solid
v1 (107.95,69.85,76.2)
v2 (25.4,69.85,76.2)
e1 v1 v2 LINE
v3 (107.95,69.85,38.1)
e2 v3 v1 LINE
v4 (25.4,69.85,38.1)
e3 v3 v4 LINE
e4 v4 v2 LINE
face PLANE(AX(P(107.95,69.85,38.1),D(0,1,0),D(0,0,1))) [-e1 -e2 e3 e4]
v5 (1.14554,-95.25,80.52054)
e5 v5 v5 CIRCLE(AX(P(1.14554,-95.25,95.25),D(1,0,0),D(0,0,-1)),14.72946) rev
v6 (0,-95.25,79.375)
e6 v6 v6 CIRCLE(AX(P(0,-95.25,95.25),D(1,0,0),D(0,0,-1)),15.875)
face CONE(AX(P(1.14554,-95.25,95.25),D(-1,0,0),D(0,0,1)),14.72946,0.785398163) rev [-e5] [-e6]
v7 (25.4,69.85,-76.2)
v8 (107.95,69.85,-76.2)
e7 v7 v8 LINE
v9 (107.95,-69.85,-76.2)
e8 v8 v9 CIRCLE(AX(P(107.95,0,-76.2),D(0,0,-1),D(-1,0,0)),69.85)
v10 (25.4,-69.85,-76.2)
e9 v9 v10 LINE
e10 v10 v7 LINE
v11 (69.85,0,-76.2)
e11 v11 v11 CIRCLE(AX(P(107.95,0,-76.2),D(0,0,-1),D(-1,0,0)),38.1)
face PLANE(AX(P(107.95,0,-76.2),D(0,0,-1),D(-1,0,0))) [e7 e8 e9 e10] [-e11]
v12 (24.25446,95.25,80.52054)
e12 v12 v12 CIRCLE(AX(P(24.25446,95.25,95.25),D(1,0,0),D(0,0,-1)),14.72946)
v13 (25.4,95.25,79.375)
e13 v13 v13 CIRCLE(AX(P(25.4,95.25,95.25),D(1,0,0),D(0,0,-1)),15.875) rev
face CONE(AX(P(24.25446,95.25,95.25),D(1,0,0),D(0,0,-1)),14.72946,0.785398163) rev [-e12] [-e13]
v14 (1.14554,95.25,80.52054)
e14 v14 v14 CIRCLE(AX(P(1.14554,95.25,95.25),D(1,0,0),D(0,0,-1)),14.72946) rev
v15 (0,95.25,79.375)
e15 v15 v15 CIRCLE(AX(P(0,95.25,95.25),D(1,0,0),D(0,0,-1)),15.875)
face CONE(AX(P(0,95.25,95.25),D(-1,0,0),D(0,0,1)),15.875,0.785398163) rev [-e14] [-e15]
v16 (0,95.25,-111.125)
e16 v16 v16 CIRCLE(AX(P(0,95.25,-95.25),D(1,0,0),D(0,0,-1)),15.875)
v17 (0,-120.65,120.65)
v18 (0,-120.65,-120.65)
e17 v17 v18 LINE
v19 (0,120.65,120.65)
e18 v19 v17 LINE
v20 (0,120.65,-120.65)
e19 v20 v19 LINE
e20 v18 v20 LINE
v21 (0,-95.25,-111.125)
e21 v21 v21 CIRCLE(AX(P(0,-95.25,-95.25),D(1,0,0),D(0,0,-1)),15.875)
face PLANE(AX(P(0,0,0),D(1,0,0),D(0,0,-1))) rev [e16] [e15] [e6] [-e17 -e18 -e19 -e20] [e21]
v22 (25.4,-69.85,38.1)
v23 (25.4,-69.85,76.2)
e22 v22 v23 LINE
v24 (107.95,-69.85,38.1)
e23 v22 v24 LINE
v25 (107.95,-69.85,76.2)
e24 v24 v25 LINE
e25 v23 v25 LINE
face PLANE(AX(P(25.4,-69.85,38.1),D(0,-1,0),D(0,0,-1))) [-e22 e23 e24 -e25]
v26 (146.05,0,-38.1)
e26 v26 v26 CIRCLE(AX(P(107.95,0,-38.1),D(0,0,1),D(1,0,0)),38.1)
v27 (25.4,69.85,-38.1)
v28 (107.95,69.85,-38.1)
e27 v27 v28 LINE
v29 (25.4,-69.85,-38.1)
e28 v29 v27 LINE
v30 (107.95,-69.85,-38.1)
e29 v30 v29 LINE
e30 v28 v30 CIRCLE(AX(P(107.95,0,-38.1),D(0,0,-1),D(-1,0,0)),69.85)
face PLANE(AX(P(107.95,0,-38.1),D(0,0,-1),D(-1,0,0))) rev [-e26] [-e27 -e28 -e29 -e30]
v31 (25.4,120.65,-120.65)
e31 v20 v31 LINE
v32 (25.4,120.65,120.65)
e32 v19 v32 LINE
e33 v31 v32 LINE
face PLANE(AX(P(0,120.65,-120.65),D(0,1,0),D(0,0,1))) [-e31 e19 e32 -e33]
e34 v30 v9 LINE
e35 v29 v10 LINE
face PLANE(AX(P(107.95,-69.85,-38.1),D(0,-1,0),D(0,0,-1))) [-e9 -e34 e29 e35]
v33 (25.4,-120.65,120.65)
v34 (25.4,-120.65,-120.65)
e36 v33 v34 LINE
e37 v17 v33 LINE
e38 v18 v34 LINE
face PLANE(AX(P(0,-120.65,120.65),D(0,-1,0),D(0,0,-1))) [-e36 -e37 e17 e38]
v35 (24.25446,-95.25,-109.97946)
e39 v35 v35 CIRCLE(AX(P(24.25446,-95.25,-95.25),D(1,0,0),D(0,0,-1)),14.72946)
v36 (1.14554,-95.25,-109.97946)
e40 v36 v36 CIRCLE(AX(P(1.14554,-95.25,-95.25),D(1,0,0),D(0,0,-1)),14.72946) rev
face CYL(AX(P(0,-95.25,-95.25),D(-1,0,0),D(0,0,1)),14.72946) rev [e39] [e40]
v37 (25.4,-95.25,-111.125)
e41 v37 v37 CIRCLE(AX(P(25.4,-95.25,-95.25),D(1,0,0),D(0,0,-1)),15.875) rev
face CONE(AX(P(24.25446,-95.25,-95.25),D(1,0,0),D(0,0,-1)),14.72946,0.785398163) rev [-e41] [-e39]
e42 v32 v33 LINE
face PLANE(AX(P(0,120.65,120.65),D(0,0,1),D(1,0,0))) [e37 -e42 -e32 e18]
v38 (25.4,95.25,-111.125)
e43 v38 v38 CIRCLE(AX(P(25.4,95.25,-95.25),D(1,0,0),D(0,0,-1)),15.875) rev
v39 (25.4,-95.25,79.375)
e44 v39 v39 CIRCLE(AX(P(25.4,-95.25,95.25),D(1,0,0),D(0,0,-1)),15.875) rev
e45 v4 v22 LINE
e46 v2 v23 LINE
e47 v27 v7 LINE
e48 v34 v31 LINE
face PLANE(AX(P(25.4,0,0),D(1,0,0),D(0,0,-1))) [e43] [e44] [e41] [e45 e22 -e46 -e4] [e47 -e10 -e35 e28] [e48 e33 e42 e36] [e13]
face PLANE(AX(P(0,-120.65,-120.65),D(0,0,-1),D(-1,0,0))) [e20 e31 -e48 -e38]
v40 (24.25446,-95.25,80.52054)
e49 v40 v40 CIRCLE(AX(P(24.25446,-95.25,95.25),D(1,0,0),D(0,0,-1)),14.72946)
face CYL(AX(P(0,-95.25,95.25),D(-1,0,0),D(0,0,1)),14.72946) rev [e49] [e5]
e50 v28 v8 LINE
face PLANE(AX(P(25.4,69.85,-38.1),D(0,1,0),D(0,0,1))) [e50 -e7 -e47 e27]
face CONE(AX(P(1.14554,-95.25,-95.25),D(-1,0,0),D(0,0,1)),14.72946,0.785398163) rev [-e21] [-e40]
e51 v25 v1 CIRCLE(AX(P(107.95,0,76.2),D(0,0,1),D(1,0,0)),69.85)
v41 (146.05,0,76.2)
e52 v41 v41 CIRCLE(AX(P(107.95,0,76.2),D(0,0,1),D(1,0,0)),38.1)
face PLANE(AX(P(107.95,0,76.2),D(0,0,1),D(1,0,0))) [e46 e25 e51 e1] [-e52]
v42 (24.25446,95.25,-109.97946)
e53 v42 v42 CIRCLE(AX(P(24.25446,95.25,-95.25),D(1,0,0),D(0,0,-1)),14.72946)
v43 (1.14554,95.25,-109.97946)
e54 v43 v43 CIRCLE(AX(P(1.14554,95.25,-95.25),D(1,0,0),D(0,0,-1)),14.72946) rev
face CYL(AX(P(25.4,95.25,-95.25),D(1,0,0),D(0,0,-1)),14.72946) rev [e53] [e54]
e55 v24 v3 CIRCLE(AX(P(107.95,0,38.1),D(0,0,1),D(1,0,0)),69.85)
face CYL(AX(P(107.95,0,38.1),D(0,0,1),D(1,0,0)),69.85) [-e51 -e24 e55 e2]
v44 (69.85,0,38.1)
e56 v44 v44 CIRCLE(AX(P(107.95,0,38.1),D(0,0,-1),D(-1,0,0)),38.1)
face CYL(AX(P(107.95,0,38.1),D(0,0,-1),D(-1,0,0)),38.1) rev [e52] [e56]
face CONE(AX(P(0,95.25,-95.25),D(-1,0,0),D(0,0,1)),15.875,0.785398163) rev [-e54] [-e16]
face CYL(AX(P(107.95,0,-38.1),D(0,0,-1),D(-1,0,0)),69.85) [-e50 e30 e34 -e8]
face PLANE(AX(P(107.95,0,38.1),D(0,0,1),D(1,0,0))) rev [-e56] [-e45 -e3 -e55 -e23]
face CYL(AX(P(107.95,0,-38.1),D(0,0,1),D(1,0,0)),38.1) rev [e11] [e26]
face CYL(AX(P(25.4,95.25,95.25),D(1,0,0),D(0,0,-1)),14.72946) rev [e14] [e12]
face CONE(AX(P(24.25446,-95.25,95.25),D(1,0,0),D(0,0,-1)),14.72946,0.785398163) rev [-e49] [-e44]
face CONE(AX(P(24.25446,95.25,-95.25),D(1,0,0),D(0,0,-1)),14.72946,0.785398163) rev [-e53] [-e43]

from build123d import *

# Parameters (mm, degrees)
SKETCH1_W                     = 241.3
SKETCH1_H                     = 241.3
BOSS_EXTRUDE1_DEPTH           = 25.4
BOSS_EXTRUDE2_DEPTH           = 38.1
BOSS_EXTRUDE3_START           = -38.1
BOSS_EXTRUDE3_DEPTH           = 38.1
F_1_1_8_CLEARANCE_HOLE1_D     = 29.45892
F_1_1_8_CLEARANCE_HOLE1_DEPTH = 177.8
F_1_1_8_CLEARANCE_HOLE2_D     = 29.45892
SKETCH8_W                     = 38.1
SKETCH8_H                     = 82.55
HOLE2_D                       = 76.2
HOLE2_DEPTH                   = 82.55
CHAMFER1_SIZE                 = 1.14554


with BuildPart() as part:
    # Sketch1 → Boss-Extrude1 (new body)
    with BuildSketch(Plane(origin=(25.4, 0, 0), x_dir=(0, 0, -1), z_dir=(1, 0, 0))):
        Rectangle(SKETCH1_W, SKETCH1_H)
    extrude(amount=-BOSS_EXTRUDE1_DEPTH)

    # Sketch2 → Boss-Extrude2 (add)
    with BuildSketch(Plane(origin=(0, 0, -76.2), x_dir=(-1, 0, 0), z_dir=(0, 0, -1))):
        with BuildLine():
            Line((-25.4, -69.85), (-25.4, 69.85))
            Line((-25.4, 69.85), (-107.95, 69.85))
            ThreePointArc((-107.95, 69.85), (-177.8, 0), (-107.95, -69.85))
            Line((-107.95, -69.85), (-25.4, -69.85))
        make_face()
    extrude(amount=-BOSS_EXTRUDE2_DEPTH)

    # Sketch3 → Boss-Extrude3 (add)
    with BuildSketch(Plane.XY.offset(76.2).offset(BOSS_EXTRUDE3_START)):
        with BuildLine():
            Line((25.4, 69.85), (25.4, -69.85))
            Line((25.4, -69.85), (107.95, -69.85))
            ThreePointArc((107.95, -69.85), (177.8, 0), (107.95, 69.85))
            Line((107.95, 69.85), (25.4, 69.85))
        make_face()
    extrude(amount=BOSS_EXTRUDE3_DEPTH)

    # 1-1/8 Clearance Hole1
    with Locations(Plane.ZY):
        with Locations((-95.25, -95.25), (95.25, -95.25)):
            Hole(F_1_1_8_CLEARANCE_HOLE1_D / 2, depth=F_1_1_8_CLEARANCE_HOLE1_DEPTH)

    # 1-1/8 Clearance Hole2 (through all)
    with Locations(Plane(origin=(25.4, 0, 0), x_dir=(0, 0, -1), z_dir=(1, 0, 0))):
        with Locations((-95.25, 95.25), (95.25, 95.25)):
            Hole(F_1_1_8_CLEARANCE_HOLE2_D / 2)

    # Sketch8 → Hole1 (revolve, cut)
    with BuildSketch(Plane(origin=(107.95, 0, 38.1), x_dir=(0, 1, 0), z_dir=(1, 0, 0))):
        with Locations((19.05, 41.275)):
            Rectangle(SKETCH8_W, SKETCH8_H)
    revolve(axis=Axis((107.95, 0, 148.1), (0, 0, -1)), mode=Mode.SUBTRACT)

    # Hole2
    with Locations(Plane.XY.offset(-38.1)):
        with Locations((107.95, 0)):
            Hole(HOLE2_D / 2, depth=HOLE2_DEPTH)

    # Chamfer1
    chamfer1_edges = [part.edges().sort_by_distance(p)[0] for p in [
        (25.4, -95.25, 109.97946),
        (0, -95.25, 109.97946),
        (25.4, -95.25, -80.52054),
        (0, -95.25, -80.52054),
        (25.4, 95.25, -109.97946),
        (0, 95.25, -109.97946),
        (25.4, 95.25, 80.52054),
        (0, 95.25, 80.52054),
    ]]
    chamfer(chamfer1_edges, length=CHAMFER1_SIZE)


solid = part.part
